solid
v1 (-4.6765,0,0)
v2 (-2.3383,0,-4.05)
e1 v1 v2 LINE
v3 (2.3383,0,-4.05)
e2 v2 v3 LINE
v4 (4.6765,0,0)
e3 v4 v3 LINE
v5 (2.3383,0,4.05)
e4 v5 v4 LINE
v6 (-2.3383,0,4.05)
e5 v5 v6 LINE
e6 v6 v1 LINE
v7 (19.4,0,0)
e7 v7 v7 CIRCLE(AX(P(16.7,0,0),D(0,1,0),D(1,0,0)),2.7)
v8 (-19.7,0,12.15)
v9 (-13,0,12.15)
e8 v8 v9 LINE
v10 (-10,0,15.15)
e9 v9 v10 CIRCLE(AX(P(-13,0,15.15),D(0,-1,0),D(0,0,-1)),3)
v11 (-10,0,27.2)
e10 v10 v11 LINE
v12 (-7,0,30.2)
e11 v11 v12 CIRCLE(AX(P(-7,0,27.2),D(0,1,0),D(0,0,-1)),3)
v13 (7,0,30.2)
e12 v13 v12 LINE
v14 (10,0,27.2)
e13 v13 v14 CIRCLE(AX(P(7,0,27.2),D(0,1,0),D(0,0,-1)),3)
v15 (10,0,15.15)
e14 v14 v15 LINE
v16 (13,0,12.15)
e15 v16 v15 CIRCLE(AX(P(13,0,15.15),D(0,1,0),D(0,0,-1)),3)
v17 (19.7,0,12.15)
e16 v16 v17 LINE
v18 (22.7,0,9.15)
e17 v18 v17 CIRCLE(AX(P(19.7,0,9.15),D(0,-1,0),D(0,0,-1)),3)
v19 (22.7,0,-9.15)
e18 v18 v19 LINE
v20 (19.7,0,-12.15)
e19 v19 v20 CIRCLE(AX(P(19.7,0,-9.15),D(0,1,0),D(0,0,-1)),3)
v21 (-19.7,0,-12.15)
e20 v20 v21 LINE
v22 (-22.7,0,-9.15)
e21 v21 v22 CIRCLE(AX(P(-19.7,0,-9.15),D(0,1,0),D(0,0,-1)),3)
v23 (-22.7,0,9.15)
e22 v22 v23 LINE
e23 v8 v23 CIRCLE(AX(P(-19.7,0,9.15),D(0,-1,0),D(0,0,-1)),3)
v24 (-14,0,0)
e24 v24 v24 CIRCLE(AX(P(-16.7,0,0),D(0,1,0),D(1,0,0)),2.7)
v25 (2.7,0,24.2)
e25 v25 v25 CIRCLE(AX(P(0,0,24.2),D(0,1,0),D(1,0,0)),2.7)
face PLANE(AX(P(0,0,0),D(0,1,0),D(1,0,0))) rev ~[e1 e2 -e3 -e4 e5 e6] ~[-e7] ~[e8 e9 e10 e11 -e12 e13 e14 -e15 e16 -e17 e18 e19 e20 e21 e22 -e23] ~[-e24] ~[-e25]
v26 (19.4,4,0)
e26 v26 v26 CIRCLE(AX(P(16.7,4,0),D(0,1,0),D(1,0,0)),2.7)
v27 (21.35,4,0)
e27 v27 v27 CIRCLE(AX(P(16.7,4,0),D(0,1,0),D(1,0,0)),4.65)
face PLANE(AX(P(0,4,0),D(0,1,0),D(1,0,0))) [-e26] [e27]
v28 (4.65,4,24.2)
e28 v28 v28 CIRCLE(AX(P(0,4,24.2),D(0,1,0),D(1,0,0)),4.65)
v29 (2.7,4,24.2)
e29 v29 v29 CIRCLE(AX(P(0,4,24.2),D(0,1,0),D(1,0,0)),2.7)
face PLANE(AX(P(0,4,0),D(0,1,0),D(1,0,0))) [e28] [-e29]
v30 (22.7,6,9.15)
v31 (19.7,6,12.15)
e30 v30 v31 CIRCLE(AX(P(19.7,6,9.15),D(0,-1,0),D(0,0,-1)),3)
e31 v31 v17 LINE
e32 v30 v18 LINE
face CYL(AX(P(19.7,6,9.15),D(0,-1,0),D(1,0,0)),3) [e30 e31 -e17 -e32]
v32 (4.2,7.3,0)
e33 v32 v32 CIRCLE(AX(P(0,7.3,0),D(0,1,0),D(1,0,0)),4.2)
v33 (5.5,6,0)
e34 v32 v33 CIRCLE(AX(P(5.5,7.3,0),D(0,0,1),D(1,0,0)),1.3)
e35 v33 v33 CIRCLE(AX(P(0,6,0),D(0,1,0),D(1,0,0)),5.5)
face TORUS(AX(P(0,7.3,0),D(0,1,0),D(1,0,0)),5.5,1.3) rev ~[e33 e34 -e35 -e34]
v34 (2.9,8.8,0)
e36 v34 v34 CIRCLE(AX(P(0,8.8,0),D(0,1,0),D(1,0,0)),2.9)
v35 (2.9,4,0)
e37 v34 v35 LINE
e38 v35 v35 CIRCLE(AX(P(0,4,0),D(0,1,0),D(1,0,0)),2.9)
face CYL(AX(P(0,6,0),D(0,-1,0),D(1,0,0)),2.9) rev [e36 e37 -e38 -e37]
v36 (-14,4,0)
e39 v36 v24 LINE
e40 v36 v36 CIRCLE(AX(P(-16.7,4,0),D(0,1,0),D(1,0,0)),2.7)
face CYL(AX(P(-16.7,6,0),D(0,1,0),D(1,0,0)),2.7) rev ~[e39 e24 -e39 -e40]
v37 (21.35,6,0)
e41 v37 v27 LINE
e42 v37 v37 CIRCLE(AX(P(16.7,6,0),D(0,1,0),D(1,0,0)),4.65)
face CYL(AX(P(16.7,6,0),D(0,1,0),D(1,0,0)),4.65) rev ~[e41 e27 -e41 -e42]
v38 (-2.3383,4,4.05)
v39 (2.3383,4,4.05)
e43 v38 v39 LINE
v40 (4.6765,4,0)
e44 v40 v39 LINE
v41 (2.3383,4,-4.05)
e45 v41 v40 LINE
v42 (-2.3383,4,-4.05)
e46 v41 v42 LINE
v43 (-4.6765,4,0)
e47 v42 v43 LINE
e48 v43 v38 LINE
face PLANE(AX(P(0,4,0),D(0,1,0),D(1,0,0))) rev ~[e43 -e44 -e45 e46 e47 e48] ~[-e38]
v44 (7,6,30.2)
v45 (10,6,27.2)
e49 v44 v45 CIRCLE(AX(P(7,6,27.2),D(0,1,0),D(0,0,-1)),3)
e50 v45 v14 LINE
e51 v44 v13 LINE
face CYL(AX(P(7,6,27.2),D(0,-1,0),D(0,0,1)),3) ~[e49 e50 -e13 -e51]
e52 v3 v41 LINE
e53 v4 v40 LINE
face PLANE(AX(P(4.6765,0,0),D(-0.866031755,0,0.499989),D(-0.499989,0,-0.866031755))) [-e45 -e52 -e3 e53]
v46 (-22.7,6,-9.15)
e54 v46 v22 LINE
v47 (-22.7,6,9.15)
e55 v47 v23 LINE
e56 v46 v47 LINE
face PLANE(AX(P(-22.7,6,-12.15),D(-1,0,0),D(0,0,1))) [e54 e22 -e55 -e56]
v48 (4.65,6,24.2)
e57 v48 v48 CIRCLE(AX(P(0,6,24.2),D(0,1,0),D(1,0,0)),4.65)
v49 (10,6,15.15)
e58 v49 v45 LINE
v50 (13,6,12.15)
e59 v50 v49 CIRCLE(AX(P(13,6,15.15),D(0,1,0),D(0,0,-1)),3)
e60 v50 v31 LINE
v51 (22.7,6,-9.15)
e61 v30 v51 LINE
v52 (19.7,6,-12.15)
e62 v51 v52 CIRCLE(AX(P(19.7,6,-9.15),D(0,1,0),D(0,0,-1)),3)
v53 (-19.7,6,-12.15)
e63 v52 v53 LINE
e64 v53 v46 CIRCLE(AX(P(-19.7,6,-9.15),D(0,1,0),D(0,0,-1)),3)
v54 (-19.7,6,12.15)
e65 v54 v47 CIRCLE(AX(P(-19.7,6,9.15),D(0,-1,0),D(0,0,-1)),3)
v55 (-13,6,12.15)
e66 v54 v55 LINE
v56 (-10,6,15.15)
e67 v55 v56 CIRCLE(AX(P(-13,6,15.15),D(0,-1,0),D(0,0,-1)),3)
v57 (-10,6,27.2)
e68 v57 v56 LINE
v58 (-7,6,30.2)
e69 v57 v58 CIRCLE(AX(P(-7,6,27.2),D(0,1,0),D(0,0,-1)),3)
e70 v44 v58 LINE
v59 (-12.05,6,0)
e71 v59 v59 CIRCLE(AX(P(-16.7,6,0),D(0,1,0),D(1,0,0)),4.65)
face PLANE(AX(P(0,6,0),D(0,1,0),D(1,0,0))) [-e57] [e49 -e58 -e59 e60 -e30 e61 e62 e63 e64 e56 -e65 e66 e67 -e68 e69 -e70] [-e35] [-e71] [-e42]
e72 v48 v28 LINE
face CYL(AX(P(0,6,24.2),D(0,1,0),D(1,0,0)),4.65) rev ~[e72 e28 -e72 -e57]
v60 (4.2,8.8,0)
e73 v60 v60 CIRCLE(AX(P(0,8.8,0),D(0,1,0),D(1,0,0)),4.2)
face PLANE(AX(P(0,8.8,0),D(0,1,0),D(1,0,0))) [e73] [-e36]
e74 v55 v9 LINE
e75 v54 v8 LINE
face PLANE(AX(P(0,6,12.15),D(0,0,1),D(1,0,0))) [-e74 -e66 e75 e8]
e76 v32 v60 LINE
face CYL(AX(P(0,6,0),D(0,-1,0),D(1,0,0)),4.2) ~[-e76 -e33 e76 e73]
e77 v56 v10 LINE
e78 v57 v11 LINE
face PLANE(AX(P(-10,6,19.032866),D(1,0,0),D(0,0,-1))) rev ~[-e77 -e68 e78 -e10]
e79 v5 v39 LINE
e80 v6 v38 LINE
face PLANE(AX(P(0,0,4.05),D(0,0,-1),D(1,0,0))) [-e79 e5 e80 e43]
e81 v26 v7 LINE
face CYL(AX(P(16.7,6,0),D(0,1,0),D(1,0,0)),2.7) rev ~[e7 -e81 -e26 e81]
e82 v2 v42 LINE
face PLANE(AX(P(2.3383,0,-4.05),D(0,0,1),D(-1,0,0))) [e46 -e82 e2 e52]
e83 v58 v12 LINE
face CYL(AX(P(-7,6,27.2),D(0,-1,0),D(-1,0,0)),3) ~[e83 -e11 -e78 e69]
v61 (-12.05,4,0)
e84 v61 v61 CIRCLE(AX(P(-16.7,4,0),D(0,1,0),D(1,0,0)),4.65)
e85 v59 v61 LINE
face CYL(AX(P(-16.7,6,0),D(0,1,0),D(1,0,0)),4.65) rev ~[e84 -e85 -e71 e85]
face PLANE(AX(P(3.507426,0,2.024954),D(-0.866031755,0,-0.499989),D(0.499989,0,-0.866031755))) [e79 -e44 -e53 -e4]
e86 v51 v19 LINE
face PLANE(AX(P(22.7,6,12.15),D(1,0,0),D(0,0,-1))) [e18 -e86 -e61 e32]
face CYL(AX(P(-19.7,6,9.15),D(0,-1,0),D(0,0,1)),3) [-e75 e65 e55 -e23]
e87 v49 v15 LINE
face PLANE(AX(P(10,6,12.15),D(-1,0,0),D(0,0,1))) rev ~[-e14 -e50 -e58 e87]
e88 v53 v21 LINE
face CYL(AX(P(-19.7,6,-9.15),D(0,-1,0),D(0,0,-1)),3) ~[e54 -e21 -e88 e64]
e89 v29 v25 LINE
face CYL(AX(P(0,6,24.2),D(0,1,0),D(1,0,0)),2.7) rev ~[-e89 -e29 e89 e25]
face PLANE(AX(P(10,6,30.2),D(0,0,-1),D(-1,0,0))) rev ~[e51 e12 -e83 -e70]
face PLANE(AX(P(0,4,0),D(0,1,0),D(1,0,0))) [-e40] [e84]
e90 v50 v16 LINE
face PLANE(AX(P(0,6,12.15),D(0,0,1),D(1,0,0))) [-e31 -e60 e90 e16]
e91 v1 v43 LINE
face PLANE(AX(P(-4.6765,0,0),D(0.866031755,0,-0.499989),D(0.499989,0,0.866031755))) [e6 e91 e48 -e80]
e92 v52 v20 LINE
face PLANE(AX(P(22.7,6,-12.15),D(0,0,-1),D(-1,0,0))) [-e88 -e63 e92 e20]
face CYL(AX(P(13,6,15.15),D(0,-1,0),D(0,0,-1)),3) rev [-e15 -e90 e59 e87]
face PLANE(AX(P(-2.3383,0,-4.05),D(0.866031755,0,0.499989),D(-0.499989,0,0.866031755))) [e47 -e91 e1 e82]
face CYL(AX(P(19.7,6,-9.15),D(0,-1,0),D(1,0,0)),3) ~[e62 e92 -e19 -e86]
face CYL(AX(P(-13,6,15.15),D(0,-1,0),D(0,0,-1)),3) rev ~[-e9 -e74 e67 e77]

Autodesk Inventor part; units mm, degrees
ref_plane "YZ Plane" through (0, 0, 0) normal (1, 0, 0) x (0, 1, 0)
ref_plane "XZ Plane" through (0, 0, 0) normal (0, 1, 0) x (-1, 0, 0)
ref_plane "XY Plane" through (0, 0, 0) normal (0, 0, 1) x (1, 0, 0)
sketch "Boceto1" plane through (0, 0, 0) normal (0, 1, 0) x (-1, 0, 0)
  circle A0 centre (0, 0) radius 12.15
  dimension "d0" = 24.3
extrude "Extrusión1" add sketch "Boceto1" along normal blind 4
sketch "Boceto2" plane through (0, 0, 0) normal (0, -1, 0) x (1, 0, 0)
  line L0 (4.6765, 0) -> (2.3383, -4.05)
  line L1 (2.3383, -4.05) -> (-2.3383, -4.05)
  line L2 (-2.3383, -4.05) -> (-4.6765, 0)
  line L3 (-4.6765, 0) -> (-2.3383, 4.05)
  line L4 (-2.3383, 4.05) -> (2.3383, 4.05)
  line L5 (2.3383, 4.05) -> (4.6765, 0)
  circle A0 centre (0, 0) radius 4.05
  dimension "d3" = 8.1
extrude "Extrusión2" cut sketch "Boceto2" against normal blind 4
sketch "Boceto3" plane through (0, 4, 0) normal (0, 1, 0) x (1, 0, 0)
  line L0 (2.3383, 4.05) -> (4.6765, 0) projected
  line L1 (4.6765, 0) -> (2.3383, -4.05) projected
  line L2 (2.3383, -4.05) -> (-2.3383, -4.05) projected
  line L3 (-2.3383, -4.05) -> (-4.6765, 0) projected
  line L4 (-4.6765, 0) -> (-2.3383, 4.05) projected
  line L5 (-2.3383, 4.05) -> (2.3383, 4.05) projected
  circle A0 centre (0, 0) radius 12.15 projected
  circle A1 centre (0, 0) radius 2.9
  dimension "d6" = 5.8
extrude "Extrusión3" add sketch "Boceto3" along normal blind 2 contours L0 L1 L2 L3 L4 L5 | A0
sketch "Boceto4" plane through (0, 6, 0) normal (0, 1, 0) x (1, 0, 0)
  circle A0 centre (0, 0) radius 4.2
  circle A1 centre (0, 0) radius 2.9 projected
  dimension "d9" = 8.4
extrude "Extrusión4" add sketch "Boceto4" along normal blind 2.8
fillet "Empalme1" radius 1.3 1 edges at (-4.2, 6, 0)
sketch "Boceto5" plane through (0, 6, 0) normal (0, 1, 0) x (1, 0, 0)
  line L0 (-22.7, -12.15) -> (22.7, -12.15)
  line L1 (22.7, -12.15) -> (22.7, 12.15)
  line L2 (22.7, 12.15) -> (-22.7, 12.15)
  line L3 (-22.7, 12.15) -> (-22.7, -12.15)
  circle A0 centre (0, 0) radius 2.9 projected
  line L4 (-22.7, -12.15) -> (22.7, 12.15) construction
  line L5 (22.7, -12.15) -> (-22.7, 12.15) construction
  circle A1 centre (0, 0) radius 12.15 projected
  point P0 (0, -12.15)
  point P1 (0, 12.15)
  dimension "d13" = 45.4
extrude "Extrusión5" add sketch "Boceto5" against normal up to surface (6 mm away) contours L3 L2 A1 L0 | A1 L2 L1 L0
sketch "Boceto6" plane through (0, 6, 0) normal (0, 1, 0) x (1, 0, 0)
  circle A0 centre (-16.7, 0) radius 2.7
  circle A1 centre (16.7, 0) radius 2.7
  line L0 (-22.7, 12.15) -> (-22.7, -12.15) projected
  line L1 (22.7, -12.15) -> (22.7, 12.15) projected
  point P0 (0, 0)
  dimension "d16" = 5.4
  dimension "d17" = 6
  dimension "d18" = 6
extrude "Extrusión6" cut sketch "Boceto6" against normal through all
fillet "Empalme2" radius 3 4 edges at (-22.7, 3, 12.15) (22.7, 3, 12.15) (-22.7, 3, -12.15) (22.7, 3, -12.15)
sketch "Boceto7" plane through (0, 6, 0) normal (0, 1, 0) x (1, 0, 0)
  line L0 (-10, 30.2) -> (10, 30.2)
  line L1 (10, 30.2) -> (10, -30.2)
  line L2 (10, -30.2) -> (-10, -30.2)
  line L3 (-10, -30.2) -> (-10, 30.2)
  line L4 (-10, 30.2) -> (10, -30.2) construction
  line L5 (10, 30.2) -> (-10, -30.2) construction
  line L6 (-19.7, -12.15) -> (19.7, -12.15) projected
  circle A0 centre (0, -24.2) radius 2.7
  circle A1 centre (0, 0) radius 21.5
  point P0 (10, -12.15)
  point P1 (-10, -12.15)
  dimension "d22" = 20
  dimension "d24" = 5.4
  dimension "d25" = 6
  dimension "d29" = 43
extrude "Extrusión7" add sketch "Boceto7" against normal up to surface (6 mm away) contours L6 L1 A1 L3 | A1 L1 L2 L3 picked at (0, -15.2667)
fillet "Empalme3" radius 3 4 edges at (-10, 3, 12.15) (-10, 3, 30.2) (10, 3, 30.2) (10, 3, 12.15)
sketch "Boceto9" plane through (0, 6, 0) normal (0, 1, 0) x (1, 0, 0)
  circle A0 centre (16.7, 0) radius 2.7 projected
  circle A1 centre (16.7, 0) radius 4.65
  circle A2 centre (-16.7, 0) radius 2.7 projected
  circle A3 centre (-16.7, 0) radius 4.65
  circle A4 centre (0, -24.2) radius 2.7 projected
  circle A5 centre (0, -24.2) radius 4.65
  point P0 (0, 0)
  dimension "d30" = 9.3
extrude "Extrusión8" cut sketch "Boceto9" against normal blind 2 contours A0 | A1 | A2 | A3 | A4 | A5
sketch "Boceto10" plane through (0, 6, 0) normal (0, 1, 0) x (1, 0, 0)
  circle A0 centre (0, 0) radius 2.9 projected
  circle A1 centre (0, 0) radius 12
  dimension "d33" = 24
properties part number "Pulley support"
